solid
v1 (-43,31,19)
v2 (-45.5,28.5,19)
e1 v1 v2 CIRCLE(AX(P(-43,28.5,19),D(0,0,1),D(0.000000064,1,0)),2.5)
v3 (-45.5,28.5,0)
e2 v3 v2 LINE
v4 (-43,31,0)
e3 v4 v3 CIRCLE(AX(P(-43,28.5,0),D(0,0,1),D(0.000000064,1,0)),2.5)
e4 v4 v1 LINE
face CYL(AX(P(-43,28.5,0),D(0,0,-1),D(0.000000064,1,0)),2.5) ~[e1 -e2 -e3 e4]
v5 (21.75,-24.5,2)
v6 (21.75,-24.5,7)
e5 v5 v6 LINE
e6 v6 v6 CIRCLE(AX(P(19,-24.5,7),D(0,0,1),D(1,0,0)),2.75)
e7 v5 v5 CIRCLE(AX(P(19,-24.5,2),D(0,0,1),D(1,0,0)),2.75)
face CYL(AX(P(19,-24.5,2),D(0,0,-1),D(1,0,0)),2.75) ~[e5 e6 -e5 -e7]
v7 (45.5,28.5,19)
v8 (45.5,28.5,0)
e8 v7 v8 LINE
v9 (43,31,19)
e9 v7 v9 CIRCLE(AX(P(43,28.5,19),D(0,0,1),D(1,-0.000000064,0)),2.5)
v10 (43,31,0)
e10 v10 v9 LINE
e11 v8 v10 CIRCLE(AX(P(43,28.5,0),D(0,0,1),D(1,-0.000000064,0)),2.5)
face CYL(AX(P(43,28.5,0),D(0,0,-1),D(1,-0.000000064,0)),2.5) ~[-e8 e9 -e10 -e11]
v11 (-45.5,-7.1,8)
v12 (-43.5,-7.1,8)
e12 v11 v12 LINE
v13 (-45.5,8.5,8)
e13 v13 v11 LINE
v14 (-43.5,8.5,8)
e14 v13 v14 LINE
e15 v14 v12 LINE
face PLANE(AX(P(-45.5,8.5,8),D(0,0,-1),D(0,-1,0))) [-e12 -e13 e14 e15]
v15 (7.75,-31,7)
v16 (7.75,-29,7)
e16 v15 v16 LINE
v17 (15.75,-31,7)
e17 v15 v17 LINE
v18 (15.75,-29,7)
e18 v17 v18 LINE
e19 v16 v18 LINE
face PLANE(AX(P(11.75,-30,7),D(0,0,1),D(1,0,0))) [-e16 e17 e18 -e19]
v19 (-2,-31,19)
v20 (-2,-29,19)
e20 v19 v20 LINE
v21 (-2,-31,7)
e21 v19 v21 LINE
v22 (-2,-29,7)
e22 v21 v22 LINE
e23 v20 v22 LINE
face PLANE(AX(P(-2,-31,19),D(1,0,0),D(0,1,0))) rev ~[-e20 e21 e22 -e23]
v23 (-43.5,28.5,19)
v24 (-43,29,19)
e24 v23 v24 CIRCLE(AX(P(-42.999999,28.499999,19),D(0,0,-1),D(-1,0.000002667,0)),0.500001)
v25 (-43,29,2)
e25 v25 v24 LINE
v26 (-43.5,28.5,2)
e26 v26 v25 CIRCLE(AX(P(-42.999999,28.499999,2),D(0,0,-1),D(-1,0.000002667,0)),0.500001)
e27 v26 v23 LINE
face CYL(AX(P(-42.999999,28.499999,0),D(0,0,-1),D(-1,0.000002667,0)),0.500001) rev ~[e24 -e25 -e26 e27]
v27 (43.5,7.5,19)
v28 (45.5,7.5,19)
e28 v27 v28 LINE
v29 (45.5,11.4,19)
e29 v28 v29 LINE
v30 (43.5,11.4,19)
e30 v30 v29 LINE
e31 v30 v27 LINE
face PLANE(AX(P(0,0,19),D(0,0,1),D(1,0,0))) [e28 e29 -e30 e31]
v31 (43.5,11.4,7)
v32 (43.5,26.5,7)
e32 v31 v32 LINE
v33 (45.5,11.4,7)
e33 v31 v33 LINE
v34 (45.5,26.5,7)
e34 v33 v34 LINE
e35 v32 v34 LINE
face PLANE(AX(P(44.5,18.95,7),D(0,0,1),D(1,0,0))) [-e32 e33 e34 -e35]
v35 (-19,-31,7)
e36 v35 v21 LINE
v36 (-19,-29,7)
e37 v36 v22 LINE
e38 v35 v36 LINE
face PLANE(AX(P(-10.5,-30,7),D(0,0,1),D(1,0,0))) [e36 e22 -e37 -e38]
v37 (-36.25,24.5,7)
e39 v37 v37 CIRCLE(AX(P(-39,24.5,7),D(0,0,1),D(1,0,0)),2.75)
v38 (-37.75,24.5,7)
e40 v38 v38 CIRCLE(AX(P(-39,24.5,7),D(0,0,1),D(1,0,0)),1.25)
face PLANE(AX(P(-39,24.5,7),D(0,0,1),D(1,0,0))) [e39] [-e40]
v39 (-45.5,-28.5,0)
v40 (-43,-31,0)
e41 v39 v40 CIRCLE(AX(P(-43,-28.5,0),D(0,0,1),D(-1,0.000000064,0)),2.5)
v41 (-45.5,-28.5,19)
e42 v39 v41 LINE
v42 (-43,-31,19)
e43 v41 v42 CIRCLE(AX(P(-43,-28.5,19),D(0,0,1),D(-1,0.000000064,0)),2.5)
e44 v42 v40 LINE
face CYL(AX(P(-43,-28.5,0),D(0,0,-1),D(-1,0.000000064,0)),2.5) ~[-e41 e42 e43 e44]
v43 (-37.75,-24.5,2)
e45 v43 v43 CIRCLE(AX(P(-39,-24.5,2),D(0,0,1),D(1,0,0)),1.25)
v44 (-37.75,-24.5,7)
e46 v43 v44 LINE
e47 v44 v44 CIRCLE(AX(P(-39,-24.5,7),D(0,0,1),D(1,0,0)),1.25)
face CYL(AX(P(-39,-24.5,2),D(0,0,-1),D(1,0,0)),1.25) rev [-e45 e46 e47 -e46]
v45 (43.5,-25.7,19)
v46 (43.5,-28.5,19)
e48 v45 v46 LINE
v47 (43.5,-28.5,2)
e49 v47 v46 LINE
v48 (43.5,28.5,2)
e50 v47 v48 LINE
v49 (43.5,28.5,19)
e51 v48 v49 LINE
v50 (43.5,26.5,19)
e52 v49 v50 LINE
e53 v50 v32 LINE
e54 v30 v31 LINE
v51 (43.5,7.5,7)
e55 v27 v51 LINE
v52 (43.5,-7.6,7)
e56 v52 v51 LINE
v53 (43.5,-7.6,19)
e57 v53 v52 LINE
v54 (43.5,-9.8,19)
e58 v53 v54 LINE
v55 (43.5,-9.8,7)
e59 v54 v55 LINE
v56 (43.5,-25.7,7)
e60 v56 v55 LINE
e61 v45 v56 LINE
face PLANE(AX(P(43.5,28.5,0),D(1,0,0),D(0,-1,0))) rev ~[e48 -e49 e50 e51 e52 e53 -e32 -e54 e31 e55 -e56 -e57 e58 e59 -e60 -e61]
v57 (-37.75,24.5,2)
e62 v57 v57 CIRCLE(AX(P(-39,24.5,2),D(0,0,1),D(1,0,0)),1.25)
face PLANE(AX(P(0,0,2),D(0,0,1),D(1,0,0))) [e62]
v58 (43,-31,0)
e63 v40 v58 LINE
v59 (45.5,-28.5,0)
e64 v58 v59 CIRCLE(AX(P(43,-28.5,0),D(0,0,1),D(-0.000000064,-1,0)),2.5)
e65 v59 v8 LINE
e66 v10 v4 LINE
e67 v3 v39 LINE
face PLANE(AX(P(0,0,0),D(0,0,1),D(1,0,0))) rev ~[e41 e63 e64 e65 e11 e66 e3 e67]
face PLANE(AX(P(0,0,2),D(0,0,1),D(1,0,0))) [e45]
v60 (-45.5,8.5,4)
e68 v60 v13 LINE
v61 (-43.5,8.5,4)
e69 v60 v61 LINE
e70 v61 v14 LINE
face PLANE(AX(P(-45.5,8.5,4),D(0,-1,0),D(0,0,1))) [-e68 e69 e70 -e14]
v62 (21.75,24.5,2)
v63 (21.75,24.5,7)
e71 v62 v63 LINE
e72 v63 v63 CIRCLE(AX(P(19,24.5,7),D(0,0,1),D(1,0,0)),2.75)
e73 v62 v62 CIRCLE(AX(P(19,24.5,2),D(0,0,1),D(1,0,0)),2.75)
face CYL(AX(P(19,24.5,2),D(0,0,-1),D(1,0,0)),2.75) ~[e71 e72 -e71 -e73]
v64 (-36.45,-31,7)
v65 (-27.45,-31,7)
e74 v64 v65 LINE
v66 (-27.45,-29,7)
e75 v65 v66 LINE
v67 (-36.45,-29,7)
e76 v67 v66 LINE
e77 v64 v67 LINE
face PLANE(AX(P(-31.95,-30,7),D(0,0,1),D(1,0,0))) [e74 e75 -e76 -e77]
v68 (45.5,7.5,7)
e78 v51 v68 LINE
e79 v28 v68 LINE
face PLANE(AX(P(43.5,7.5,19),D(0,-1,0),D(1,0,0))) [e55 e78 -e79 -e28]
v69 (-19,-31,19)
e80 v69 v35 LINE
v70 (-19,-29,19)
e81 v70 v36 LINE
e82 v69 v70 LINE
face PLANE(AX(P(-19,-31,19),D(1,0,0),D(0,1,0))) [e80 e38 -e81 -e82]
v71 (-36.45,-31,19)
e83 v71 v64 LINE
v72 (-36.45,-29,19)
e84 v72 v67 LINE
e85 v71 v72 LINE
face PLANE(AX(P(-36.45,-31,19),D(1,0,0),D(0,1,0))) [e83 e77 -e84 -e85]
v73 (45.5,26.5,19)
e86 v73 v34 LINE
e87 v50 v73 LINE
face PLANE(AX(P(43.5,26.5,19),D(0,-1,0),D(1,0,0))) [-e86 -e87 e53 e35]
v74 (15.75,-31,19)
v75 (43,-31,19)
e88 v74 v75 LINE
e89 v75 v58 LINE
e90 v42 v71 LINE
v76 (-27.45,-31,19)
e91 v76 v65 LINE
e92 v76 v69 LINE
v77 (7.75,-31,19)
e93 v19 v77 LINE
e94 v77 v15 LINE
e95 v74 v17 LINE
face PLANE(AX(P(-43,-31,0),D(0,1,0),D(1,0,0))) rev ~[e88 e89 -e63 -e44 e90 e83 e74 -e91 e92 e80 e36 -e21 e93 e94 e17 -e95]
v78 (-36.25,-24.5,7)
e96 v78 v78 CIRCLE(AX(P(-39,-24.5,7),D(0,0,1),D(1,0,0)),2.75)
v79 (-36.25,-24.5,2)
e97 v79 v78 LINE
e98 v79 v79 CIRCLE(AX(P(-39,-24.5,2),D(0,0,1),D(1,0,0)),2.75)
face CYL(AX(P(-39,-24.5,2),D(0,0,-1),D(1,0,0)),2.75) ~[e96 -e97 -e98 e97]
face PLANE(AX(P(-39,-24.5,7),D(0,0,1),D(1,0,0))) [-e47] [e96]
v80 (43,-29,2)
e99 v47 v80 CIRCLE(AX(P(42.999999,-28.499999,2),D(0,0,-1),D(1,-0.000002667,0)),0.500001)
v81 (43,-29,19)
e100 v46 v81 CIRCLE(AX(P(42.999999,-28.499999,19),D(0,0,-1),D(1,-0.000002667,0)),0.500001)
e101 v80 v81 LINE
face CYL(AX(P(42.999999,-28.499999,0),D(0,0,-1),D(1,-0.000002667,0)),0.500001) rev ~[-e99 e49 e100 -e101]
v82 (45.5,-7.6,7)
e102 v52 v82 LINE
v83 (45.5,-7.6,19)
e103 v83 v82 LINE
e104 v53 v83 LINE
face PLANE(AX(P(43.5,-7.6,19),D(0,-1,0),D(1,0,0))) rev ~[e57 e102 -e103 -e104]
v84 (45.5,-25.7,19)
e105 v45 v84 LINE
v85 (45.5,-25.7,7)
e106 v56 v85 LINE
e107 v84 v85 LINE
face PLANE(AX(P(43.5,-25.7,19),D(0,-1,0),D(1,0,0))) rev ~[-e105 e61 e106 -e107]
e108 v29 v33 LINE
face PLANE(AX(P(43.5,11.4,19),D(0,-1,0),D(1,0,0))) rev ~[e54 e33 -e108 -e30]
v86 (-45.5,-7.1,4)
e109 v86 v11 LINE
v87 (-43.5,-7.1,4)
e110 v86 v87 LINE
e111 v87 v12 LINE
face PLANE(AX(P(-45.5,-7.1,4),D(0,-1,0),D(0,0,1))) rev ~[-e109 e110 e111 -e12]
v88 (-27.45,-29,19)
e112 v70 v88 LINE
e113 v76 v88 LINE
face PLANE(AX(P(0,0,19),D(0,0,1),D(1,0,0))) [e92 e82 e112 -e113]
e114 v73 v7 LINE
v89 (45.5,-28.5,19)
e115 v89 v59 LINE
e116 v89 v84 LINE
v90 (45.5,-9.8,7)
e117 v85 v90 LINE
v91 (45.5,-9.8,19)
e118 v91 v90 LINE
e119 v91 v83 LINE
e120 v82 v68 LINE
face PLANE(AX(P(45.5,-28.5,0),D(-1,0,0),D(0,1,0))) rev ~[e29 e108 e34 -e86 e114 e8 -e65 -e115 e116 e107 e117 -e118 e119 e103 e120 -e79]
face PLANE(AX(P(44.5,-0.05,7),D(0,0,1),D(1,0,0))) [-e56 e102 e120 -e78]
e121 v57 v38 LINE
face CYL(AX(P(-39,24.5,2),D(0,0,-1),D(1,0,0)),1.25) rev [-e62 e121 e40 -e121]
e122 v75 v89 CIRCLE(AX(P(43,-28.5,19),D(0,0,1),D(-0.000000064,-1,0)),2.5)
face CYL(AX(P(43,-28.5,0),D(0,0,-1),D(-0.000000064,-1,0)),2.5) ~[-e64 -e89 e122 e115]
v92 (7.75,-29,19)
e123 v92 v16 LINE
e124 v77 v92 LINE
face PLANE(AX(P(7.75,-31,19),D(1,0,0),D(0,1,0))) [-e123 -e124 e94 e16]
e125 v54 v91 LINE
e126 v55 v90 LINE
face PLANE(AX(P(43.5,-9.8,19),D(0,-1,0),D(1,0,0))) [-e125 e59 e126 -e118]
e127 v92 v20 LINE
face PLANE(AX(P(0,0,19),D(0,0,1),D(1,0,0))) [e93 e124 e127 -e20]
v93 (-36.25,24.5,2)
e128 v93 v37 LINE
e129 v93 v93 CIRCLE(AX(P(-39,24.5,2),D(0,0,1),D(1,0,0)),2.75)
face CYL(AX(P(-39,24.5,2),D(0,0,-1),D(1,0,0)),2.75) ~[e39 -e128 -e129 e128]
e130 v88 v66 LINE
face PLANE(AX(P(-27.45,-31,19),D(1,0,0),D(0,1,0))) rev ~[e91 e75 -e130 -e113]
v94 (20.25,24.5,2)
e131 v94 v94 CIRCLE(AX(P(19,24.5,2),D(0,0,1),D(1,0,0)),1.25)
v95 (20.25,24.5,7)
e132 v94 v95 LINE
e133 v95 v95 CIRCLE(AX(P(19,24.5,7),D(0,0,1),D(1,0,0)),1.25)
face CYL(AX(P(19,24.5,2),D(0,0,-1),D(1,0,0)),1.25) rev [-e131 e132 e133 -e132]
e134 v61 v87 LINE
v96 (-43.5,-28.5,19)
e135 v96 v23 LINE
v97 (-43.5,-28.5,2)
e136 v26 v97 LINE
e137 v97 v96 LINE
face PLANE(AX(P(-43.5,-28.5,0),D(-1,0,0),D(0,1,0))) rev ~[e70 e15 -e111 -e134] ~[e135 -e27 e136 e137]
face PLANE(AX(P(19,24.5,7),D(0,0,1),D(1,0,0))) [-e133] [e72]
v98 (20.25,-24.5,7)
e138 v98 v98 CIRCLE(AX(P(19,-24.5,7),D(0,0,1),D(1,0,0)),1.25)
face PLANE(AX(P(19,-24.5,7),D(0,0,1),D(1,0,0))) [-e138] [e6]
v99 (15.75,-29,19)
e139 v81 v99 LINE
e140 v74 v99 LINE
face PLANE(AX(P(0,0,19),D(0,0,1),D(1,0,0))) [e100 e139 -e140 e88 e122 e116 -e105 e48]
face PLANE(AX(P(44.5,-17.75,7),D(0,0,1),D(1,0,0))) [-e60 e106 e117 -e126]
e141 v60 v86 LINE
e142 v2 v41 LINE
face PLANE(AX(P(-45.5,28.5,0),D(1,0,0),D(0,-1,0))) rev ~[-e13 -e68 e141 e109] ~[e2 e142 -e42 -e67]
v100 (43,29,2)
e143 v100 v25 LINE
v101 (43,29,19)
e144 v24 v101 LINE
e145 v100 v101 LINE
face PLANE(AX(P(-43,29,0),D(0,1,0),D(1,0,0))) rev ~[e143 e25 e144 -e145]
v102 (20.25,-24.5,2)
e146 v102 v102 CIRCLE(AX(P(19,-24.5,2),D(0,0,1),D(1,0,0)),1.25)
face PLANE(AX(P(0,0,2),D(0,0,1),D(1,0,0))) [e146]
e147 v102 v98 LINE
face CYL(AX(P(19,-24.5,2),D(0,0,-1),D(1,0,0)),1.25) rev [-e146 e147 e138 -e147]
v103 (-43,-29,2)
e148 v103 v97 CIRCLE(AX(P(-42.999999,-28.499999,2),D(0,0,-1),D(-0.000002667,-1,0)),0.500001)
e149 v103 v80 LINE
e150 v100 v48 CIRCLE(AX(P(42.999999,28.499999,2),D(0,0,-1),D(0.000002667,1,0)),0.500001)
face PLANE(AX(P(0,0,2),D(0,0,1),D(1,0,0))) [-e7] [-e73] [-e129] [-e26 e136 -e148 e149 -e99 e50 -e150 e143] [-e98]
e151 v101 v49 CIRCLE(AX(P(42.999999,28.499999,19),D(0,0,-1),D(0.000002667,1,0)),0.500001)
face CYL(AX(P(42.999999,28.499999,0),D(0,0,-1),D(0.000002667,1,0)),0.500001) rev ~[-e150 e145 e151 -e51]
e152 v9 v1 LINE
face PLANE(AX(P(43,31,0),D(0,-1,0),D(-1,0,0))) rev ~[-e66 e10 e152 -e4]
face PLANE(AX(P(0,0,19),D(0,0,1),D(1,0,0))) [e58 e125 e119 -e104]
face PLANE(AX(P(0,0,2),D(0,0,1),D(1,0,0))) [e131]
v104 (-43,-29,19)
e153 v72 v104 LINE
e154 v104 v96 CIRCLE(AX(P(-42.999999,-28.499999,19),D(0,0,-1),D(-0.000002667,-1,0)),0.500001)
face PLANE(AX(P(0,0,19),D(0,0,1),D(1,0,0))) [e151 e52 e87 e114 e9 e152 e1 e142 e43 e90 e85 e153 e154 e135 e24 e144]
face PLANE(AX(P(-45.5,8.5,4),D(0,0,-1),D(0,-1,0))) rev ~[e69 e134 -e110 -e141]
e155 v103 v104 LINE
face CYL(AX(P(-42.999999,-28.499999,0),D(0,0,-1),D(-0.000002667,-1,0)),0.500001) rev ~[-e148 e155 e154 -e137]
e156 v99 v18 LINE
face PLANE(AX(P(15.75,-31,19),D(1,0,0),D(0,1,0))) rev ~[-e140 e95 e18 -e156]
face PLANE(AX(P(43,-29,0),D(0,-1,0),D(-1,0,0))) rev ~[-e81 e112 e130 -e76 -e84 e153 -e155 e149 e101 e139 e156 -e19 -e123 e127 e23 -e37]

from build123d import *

# Parameters (mm, degrees)
F1_DEPTH = 2
F2_DEPTH = 19
F3_R     = 2.75
F3_R_2   = 1.25
F4_DEPTH = 5
F5_W     = 9
F5_H     = 2
F5_W_2   = 17
F5_W_3   = 8
F5_W_4   = 2
F5_H_2   = 15.9
F5_H_3   = 15.1
F6_DEPTH = 12
F7_W     = 15.6
F7_H     = 4
F8_DEPTH = 2


with BuildPart() as f1:
    # F0 (on Top) → F1 (new body)
    with BuildSketch(Plane.XY):
        with BuildLine():
            ThreePointArc((45.5, 28.5), (44.767767, 30.267767), (43, 31))
            Line((43, 31), (-43, 31))
            ThreePointArc((-43, 31), (-44.767767, 30.267767), (-45.5, 28.5))
            Line((-45.5, 28.5), (-45.5, -28.5))
            ThreePointArc((-45.5, -28.5), (-44.767767, -30.267767), (-43, -31))
            Line((-43, -31), (43, -31))
            ThreePointArc((43, -31), (44.767767, -30.267767), (45.5, -28.5))
            Line((45.5, -28.5), (45.5, 28.5))
        make_face()
        with BuildLine():
            ThreePointArc((43, 29), (43.353553, 28.853553), (43.5, 28.5))
            Line((43.5, 28.5), (43.5, -28.5))
            ThreePointArc((43.5, -28.5), (43.353553, -28.853553), (43, -29))
            Line((43, -29), (-43, -29))
            ThreePointArc((-43, -29), (-43.353553, -28.853553), (-43.5, -28.5))
            Line((-43.5, -28.5), (-43.5, 28.5))
            ThreePointArc((-43.5, 28.5), (-43.353553, 28.853553), (-43, 29))
            Line((-43, 29), (43, 29))
        make_face(mode=Mode.SUBTRACT)
        with BuildLine():
            Line((43.5, -28.5), (43.5, 28.5))
            ThreePointArc((43.5, 28.5), (43.353553, 28.853553), (43, 29))
            Line((43, 29), (-43, 29))
            ThreePointArc((-43, 29), (-43.353553, 28.853553), (-43.5, 28.5))
            Line((-43.5, 28.5), (-43.5, -28.5))
            ThreePointArc((-43.5, -28.5), (-43.353553, -28.853553), (-43, -29))
            Line((-43, -29), (43, -29))
            ThreePointArc((43, -29), (43.353553, -28.853553), (43.5, -28.5))
        make_face()
    extrude(amount=F1_DEPTH)

    # F0 (on Top) → F2 (join)
    with BuildSketch(Plane.XY):
        with BuildLine():
            ThreePointArc((45.5, 28.5), (44.767767, 30.267767), (43, 31))
            Line((43, 31), (-43, 31))
            ThreePointArc((-43, 31), (-44.767767, 30.267767), (-45.5, 28.5))
            Line((-45.5, 28.5), (-45.5, -28.5))
            ThreePointArc((-45.5, -28.5), (-44.767767, -30.267767), (-43, -31))
            Line((-43, -31), (43, -31))
            ThreePointArc((43, -31), (44.767767, -30.267767), (45.5, -28.5))
            Line((45.5, -28.5), (45.5, 28.5))
        make_face()
        with BuildLine():
            ThreePointArc((43, 29), (43.353553, 28.853553), (43.5, 28.5))
            Line((43.5, 28.5), (43.5, -28.5))
            ThreePointArc((43.5, -28.5), (43.353553, -28.853553), (43, -29))
            Line((43, -29), (-43, -29))
            ThreePointArc((-43, -29), (-43.353553, -28.853553), (-43.5, -28.5))
            Line((-43.5, -28.5), (-43.5, 28.5))
            ThreePointArc((-43.5, 28.5), (-43.353553, 28.853553), (-43, 29))
            Line((-43, 29), (43, 29))
        make_face(mode=Mode.SUBTRACT)
    extrude(amount=F2_DEPTH)

    # F3 (on face) → F4 (join)
    with BuildSketch(Plane.XY.offset(2)):
        with Locations((-39, 24.5)):
            Circle(F3_R)
        with Locations((-39, 24.5)):
            Circle(F3_R_2, mode=Mode.SUBTRACT)
        with Locations((19, 24.5)):
            Circle(F3_R)
        with Locations((19, 24.5)):
            Circle(F3_R_2, mode=Mode.SUBTRACT)
        with Locations((-39, -24.5)):
            Circle(F3_R)
        with Locations((-39, -24.5)):
            Circle(F3_R_2, mode=Mode.SUBTRACT)
        with Locations((19, -24.5)):
            Circle(F3_R)
        with Locations((19, -24.5)):
            Circle(F3_R_2, mode=Mode.SUBTRACT)
    extrude(amount=F4_DEPTH)

    # F5 (on face) → F6 (cut)
    with BuildSketch(Plane.XY.offset(19)):
        with Locations((-31.95, -30)):
            Rectangle(F5_W, F5_H)
        with Locations((-10.5, -30)):
            Rectangle(F5_W_2, F5_H)
        with Locations((11.75, -30)):
            Rectangle(F5_W_3, F5_H)
        with Locations((44.5, -17.75)):
            Rectangle(F5_W_4, F5_H_2)
        with Locations((44.5, -0.05)):
            Rectangle(F5_W_4, F5_H_3)
        with Locations((44.5, 18.95)):
            Rectangle(F5_W_4, F5_H_3)
    extrude(amount=-F6_DEPTH, mode=Mode.SUBTRACT)

    # F7 (on face) → F8 (cut, through all)
    with BuildSketch(Plane(origin=(-45.5, 0, 0), x_dir=(0, -1, 0), z_dir=(-1, 0, 0))):
        with Locations((-0.7, 6)):
            Rectangle(F7_W, F7_H)
    extrude(amount=-F8_DEPTH, mode=Mode.SUBTRACT)


solid = f1.part
